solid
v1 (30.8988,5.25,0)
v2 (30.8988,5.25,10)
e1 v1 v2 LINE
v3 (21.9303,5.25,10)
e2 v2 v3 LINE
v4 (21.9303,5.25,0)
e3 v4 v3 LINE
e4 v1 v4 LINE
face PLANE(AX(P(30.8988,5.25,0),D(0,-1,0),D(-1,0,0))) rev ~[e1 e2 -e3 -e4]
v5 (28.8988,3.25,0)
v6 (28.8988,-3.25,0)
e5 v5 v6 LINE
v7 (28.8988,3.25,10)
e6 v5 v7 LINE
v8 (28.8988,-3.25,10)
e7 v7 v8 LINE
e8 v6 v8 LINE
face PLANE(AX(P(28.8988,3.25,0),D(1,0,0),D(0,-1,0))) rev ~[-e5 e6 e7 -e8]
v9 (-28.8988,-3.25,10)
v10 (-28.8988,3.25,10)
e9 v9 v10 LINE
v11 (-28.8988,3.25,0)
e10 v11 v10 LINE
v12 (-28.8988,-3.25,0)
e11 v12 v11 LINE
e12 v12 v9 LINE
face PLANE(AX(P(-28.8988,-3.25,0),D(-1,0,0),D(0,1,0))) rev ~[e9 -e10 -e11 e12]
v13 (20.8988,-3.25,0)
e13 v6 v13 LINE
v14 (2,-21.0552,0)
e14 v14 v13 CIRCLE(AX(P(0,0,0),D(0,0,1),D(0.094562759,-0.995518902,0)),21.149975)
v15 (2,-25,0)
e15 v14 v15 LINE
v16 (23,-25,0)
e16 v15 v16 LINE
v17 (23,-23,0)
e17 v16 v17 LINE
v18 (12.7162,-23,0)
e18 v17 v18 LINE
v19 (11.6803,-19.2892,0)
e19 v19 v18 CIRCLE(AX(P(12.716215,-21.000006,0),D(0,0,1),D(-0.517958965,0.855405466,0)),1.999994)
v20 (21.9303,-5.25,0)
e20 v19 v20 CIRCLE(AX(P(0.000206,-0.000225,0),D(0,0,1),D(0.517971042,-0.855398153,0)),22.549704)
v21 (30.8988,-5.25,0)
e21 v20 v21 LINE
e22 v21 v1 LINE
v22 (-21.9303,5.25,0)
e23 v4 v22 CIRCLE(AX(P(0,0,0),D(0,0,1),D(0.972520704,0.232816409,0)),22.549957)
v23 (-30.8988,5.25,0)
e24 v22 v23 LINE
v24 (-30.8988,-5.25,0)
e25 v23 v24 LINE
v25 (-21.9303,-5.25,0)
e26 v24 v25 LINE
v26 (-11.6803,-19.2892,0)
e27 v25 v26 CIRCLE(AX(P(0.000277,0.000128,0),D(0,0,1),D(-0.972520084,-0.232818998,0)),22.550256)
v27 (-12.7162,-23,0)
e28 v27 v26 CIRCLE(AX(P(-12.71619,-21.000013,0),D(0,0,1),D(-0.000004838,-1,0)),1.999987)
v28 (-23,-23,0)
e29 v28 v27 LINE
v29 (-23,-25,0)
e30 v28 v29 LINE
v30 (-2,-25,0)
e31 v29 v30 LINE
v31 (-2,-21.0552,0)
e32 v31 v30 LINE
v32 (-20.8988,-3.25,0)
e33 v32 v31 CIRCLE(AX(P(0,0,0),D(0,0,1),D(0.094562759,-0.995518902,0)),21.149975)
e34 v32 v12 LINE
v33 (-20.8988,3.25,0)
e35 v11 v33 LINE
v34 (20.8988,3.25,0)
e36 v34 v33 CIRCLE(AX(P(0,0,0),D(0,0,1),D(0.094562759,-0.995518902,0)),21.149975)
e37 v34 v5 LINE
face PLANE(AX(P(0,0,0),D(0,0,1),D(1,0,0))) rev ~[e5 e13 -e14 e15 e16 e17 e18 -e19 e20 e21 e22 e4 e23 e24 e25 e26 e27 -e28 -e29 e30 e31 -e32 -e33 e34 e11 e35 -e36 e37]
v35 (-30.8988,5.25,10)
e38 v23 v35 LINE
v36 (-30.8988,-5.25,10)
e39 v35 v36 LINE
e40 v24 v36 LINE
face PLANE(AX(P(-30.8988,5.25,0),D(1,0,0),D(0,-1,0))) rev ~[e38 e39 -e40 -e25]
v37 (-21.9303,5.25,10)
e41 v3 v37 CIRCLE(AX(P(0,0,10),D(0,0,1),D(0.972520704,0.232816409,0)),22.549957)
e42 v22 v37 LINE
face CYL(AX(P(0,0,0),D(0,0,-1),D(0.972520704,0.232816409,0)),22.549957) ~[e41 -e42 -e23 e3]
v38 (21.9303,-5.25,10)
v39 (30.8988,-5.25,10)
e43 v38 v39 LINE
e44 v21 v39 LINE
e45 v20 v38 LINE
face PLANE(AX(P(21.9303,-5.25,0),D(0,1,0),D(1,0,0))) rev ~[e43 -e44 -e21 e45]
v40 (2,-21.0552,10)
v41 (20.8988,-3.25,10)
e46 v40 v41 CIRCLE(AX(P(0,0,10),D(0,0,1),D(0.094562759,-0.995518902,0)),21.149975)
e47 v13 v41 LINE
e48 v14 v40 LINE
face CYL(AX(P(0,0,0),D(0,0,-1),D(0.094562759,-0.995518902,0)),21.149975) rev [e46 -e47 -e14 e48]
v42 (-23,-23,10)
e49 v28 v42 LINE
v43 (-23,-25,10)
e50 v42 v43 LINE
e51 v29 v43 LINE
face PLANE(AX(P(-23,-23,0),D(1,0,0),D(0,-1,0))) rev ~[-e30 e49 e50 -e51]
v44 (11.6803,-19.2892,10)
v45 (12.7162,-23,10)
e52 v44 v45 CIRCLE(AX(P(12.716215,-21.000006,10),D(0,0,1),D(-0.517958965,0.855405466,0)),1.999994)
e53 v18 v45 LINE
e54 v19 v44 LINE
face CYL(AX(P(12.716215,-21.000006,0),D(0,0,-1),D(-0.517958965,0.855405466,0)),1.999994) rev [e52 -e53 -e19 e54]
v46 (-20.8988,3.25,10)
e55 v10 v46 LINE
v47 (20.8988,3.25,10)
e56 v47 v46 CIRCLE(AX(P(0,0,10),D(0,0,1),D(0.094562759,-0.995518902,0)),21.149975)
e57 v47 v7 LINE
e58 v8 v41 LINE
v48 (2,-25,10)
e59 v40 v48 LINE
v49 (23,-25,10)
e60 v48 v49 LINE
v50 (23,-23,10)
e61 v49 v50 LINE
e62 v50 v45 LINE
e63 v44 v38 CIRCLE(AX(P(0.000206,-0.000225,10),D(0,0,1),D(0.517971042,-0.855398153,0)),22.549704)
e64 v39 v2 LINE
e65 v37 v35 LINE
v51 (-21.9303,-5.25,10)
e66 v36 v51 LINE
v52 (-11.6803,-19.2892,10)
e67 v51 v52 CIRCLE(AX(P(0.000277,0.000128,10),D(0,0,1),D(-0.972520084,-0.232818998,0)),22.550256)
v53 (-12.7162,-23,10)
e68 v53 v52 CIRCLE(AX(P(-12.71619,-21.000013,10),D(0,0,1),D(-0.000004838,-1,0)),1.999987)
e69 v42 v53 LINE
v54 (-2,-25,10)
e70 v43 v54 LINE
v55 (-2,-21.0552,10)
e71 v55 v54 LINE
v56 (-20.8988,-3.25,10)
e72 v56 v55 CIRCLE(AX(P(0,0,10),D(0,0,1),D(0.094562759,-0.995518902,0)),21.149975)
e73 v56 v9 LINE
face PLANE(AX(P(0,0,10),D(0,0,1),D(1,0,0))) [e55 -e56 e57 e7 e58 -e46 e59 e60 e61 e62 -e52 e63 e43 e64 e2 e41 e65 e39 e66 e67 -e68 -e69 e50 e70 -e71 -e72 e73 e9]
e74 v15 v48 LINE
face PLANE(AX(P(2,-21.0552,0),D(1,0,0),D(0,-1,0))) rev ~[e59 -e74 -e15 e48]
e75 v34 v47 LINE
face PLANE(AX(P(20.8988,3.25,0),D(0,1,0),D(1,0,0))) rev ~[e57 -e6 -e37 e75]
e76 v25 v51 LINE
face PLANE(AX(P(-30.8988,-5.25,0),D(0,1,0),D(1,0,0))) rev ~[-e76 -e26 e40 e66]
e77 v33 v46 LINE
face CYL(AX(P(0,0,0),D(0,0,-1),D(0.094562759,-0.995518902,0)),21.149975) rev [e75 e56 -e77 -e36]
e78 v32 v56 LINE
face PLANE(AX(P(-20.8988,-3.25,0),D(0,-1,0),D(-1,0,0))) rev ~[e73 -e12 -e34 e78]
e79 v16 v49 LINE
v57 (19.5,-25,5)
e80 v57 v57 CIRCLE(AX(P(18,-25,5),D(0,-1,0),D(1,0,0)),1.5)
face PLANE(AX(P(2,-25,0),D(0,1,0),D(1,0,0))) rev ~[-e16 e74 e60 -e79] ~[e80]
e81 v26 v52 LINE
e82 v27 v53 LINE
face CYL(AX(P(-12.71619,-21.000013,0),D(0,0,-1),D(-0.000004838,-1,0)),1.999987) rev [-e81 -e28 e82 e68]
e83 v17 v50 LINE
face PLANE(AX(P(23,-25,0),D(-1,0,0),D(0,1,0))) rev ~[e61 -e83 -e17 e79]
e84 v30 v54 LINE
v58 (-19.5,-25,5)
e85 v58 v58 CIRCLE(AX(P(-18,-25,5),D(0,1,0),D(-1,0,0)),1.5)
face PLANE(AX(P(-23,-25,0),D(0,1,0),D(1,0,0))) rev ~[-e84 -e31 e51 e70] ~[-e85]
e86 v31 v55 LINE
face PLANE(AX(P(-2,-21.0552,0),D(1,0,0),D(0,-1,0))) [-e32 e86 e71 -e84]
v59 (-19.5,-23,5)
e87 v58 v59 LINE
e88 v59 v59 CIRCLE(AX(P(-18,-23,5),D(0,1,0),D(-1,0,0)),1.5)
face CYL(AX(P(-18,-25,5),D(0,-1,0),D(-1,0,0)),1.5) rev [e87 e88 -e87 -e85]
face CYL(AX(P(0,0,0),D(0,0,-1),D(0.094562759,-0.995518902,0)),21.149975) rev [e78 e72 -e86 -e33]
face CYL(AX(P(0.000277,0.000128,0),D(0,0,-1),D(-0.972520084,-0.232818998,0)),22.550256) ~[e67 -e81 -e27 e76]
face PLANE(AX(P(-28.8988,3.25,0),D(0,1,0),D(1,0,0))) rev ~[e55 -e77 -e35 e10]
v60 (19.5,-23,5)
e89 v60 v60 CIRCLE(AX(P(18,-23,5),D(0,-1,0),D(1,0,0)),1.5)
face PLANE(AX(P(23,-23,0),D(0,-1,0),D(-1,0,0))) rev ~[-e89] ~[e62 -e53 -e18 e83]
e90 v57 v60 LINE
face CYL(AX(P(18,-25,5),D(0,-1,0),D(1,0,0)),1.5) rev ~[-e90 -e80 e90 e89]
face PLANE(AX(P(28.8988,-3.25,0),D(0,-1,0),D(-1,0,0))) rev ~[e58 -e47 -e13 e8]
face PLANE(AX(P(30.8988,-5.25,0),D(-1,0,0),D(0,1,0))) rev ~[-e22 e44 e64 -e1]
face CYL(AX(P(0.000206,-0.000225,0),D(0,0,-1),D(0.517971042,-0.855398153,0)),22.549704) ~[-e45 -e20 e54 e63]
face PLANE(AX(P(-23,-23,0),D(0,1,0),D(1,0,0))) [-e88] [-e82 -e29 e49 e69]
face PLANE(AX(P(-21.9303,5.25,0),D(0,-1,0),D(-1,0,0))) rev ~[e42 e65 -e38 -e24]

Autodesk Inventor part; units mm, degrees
ref_plane "YZ Plane" through (0, 0, 0) normal (1, 0, 0) x (0, 1, 0)
ref_plane "XZ Plane" through (0, 0, 0) normal (0, 1, 0) x (-1, 0, 0)
ref_plane "XY Plane" through (0, 0, 0) normal (0, 0, 1) x (1, 0, 0)
sketch "Sketch1" plane through (0, 0, 0) normal (0, 0, 1) x (1, 0, 0)
  circle A0 centre (0, 0) radius 21.15 construction
  line L0 (-18, -25) -> (18, -25) construction
  line L1 (-18, -25) -> (-18, -38.1522) construction
  line L2 (18, -25) -> (18, -38.1522) construction
  line L3 (-23, -23) -> (-23, -25)
  line L4 (-23, -25) -> (-2, -25)
  line L5 (-2, -21.0552) -> (-2, -25)
  line L6 (2, -21.0552) -> (2, -25)
  line L7 (2, -25) -> (23, -25)
  line L8 (23, -25) -> (23, -23)
  line L9 (23, -23) -> (12.7162, -23)
  line L10 (-23, -23) -> (-12.7162, -23)
  arc A1 (2, -21.0552) -> (-2, -21.0552) centre (0, 0) ccw
  arc A2 (11.6803, -19.2892) -> (12.7162, -23) centre (12.7162, -21) ccw
  arc A3 (-12.7162, -23) -> (-11.6803, -19.2892) centre (-12.7162, -21) ccw
  arc A4 (-21.9303, -5.25) -> (-11.6803, -19.2892) centre (0, 0) ccw
  arc A5 (11.6803, -19.2892) -> (21.9303, -5.25) centre (0, 0) ccw
  arc A6 (21.9303, 5.25) -> (-21.9303, 5.25) centre (0, 0) ccw
  line L11 (20.8988, 3.25) -> (28.8988, 3.25)
  line L12 (28.8988, 3.25) -> (28.8988, -3.25)
  line L13 (28.8988, -3.25) -> (20.8988, -3.25)
  line L14 (20.8988, -5.25) -> (30.8988, -5.25)
  line L15 (30.8988, -5.25) -> (30.8988, 5.25)
  line L16 (30.8988, 5.25) -> (20.8988, 5.25)
  line L17 (-21.9303, 5.25) -> (-30.8988, 5.25)
  line L18 (-30.8988, 5.25) -> (-30.8988, -5.25)
  line L19 (-30.8988, -5.25) -> (-21.9303, -5.25)
  line L20 (-20.8988, -3.25) -> (-28.8988, -3.25)
  line L21 (-28.8988, -3.25) -> (-28.8988, 3.25)
  line L22 (-28.8988, 3.25) -> (-20.8988, 3.25)
  point P0 (0, -25)
  point P1 (28.8988, 0)
  point P2 (-28.8988, 0)
  dimension "d13" = 42.3
  dimension "d1" = 25
  dimension "d2" = 36
  dimension "d3" = 2
  dimension "d5" = 5
  dimension "d6" = 2
  dimension "d7" = 4
  dimension "d19" = 22.55
  dimension "d20" = 8
  dimension "d21" = 6.5
  dimension "d22" = 2
  dimension "d23" = 6.5
  dimension "d24" = 8
  dimension "d25" = 2
  dimension "d26" = 2
  dimension "d27" = 2
extrude "Extrusion1" add sketch "Sketch1" along normal blind 10 contours L10 A3 A4 L19 L18 L17 A6 L16 L15 L14 A5 A2 L9 L8 L7 L6 A1 L13 L12 L11 L22 L21 L20 L5 L4 L3
sketch "Sketch2" plane through (2, -25, 0) normal (0, -1, 0) x (1, 0, 0)
  circle A0 centre (16, 5) radius 1.5
  line L0 (21, 0) -> (21, 10) projected
  point P0 (-2, 0)
  point P1 (16, 0)
  point P2 (16, 0)
  point P3 (16, 0)
  point P4 (21, 5)
  dimension "d10" = 3
extrude "Extrusion2" cut sketch "Sketch2" against normal up to surface (2 mm away)
mirror "Mirror1" about plane through (0, 0, 0) normal (1, 0, 0) of "Extrusion2"
properties part number "OmegaRing" material "ABS Plastic"
